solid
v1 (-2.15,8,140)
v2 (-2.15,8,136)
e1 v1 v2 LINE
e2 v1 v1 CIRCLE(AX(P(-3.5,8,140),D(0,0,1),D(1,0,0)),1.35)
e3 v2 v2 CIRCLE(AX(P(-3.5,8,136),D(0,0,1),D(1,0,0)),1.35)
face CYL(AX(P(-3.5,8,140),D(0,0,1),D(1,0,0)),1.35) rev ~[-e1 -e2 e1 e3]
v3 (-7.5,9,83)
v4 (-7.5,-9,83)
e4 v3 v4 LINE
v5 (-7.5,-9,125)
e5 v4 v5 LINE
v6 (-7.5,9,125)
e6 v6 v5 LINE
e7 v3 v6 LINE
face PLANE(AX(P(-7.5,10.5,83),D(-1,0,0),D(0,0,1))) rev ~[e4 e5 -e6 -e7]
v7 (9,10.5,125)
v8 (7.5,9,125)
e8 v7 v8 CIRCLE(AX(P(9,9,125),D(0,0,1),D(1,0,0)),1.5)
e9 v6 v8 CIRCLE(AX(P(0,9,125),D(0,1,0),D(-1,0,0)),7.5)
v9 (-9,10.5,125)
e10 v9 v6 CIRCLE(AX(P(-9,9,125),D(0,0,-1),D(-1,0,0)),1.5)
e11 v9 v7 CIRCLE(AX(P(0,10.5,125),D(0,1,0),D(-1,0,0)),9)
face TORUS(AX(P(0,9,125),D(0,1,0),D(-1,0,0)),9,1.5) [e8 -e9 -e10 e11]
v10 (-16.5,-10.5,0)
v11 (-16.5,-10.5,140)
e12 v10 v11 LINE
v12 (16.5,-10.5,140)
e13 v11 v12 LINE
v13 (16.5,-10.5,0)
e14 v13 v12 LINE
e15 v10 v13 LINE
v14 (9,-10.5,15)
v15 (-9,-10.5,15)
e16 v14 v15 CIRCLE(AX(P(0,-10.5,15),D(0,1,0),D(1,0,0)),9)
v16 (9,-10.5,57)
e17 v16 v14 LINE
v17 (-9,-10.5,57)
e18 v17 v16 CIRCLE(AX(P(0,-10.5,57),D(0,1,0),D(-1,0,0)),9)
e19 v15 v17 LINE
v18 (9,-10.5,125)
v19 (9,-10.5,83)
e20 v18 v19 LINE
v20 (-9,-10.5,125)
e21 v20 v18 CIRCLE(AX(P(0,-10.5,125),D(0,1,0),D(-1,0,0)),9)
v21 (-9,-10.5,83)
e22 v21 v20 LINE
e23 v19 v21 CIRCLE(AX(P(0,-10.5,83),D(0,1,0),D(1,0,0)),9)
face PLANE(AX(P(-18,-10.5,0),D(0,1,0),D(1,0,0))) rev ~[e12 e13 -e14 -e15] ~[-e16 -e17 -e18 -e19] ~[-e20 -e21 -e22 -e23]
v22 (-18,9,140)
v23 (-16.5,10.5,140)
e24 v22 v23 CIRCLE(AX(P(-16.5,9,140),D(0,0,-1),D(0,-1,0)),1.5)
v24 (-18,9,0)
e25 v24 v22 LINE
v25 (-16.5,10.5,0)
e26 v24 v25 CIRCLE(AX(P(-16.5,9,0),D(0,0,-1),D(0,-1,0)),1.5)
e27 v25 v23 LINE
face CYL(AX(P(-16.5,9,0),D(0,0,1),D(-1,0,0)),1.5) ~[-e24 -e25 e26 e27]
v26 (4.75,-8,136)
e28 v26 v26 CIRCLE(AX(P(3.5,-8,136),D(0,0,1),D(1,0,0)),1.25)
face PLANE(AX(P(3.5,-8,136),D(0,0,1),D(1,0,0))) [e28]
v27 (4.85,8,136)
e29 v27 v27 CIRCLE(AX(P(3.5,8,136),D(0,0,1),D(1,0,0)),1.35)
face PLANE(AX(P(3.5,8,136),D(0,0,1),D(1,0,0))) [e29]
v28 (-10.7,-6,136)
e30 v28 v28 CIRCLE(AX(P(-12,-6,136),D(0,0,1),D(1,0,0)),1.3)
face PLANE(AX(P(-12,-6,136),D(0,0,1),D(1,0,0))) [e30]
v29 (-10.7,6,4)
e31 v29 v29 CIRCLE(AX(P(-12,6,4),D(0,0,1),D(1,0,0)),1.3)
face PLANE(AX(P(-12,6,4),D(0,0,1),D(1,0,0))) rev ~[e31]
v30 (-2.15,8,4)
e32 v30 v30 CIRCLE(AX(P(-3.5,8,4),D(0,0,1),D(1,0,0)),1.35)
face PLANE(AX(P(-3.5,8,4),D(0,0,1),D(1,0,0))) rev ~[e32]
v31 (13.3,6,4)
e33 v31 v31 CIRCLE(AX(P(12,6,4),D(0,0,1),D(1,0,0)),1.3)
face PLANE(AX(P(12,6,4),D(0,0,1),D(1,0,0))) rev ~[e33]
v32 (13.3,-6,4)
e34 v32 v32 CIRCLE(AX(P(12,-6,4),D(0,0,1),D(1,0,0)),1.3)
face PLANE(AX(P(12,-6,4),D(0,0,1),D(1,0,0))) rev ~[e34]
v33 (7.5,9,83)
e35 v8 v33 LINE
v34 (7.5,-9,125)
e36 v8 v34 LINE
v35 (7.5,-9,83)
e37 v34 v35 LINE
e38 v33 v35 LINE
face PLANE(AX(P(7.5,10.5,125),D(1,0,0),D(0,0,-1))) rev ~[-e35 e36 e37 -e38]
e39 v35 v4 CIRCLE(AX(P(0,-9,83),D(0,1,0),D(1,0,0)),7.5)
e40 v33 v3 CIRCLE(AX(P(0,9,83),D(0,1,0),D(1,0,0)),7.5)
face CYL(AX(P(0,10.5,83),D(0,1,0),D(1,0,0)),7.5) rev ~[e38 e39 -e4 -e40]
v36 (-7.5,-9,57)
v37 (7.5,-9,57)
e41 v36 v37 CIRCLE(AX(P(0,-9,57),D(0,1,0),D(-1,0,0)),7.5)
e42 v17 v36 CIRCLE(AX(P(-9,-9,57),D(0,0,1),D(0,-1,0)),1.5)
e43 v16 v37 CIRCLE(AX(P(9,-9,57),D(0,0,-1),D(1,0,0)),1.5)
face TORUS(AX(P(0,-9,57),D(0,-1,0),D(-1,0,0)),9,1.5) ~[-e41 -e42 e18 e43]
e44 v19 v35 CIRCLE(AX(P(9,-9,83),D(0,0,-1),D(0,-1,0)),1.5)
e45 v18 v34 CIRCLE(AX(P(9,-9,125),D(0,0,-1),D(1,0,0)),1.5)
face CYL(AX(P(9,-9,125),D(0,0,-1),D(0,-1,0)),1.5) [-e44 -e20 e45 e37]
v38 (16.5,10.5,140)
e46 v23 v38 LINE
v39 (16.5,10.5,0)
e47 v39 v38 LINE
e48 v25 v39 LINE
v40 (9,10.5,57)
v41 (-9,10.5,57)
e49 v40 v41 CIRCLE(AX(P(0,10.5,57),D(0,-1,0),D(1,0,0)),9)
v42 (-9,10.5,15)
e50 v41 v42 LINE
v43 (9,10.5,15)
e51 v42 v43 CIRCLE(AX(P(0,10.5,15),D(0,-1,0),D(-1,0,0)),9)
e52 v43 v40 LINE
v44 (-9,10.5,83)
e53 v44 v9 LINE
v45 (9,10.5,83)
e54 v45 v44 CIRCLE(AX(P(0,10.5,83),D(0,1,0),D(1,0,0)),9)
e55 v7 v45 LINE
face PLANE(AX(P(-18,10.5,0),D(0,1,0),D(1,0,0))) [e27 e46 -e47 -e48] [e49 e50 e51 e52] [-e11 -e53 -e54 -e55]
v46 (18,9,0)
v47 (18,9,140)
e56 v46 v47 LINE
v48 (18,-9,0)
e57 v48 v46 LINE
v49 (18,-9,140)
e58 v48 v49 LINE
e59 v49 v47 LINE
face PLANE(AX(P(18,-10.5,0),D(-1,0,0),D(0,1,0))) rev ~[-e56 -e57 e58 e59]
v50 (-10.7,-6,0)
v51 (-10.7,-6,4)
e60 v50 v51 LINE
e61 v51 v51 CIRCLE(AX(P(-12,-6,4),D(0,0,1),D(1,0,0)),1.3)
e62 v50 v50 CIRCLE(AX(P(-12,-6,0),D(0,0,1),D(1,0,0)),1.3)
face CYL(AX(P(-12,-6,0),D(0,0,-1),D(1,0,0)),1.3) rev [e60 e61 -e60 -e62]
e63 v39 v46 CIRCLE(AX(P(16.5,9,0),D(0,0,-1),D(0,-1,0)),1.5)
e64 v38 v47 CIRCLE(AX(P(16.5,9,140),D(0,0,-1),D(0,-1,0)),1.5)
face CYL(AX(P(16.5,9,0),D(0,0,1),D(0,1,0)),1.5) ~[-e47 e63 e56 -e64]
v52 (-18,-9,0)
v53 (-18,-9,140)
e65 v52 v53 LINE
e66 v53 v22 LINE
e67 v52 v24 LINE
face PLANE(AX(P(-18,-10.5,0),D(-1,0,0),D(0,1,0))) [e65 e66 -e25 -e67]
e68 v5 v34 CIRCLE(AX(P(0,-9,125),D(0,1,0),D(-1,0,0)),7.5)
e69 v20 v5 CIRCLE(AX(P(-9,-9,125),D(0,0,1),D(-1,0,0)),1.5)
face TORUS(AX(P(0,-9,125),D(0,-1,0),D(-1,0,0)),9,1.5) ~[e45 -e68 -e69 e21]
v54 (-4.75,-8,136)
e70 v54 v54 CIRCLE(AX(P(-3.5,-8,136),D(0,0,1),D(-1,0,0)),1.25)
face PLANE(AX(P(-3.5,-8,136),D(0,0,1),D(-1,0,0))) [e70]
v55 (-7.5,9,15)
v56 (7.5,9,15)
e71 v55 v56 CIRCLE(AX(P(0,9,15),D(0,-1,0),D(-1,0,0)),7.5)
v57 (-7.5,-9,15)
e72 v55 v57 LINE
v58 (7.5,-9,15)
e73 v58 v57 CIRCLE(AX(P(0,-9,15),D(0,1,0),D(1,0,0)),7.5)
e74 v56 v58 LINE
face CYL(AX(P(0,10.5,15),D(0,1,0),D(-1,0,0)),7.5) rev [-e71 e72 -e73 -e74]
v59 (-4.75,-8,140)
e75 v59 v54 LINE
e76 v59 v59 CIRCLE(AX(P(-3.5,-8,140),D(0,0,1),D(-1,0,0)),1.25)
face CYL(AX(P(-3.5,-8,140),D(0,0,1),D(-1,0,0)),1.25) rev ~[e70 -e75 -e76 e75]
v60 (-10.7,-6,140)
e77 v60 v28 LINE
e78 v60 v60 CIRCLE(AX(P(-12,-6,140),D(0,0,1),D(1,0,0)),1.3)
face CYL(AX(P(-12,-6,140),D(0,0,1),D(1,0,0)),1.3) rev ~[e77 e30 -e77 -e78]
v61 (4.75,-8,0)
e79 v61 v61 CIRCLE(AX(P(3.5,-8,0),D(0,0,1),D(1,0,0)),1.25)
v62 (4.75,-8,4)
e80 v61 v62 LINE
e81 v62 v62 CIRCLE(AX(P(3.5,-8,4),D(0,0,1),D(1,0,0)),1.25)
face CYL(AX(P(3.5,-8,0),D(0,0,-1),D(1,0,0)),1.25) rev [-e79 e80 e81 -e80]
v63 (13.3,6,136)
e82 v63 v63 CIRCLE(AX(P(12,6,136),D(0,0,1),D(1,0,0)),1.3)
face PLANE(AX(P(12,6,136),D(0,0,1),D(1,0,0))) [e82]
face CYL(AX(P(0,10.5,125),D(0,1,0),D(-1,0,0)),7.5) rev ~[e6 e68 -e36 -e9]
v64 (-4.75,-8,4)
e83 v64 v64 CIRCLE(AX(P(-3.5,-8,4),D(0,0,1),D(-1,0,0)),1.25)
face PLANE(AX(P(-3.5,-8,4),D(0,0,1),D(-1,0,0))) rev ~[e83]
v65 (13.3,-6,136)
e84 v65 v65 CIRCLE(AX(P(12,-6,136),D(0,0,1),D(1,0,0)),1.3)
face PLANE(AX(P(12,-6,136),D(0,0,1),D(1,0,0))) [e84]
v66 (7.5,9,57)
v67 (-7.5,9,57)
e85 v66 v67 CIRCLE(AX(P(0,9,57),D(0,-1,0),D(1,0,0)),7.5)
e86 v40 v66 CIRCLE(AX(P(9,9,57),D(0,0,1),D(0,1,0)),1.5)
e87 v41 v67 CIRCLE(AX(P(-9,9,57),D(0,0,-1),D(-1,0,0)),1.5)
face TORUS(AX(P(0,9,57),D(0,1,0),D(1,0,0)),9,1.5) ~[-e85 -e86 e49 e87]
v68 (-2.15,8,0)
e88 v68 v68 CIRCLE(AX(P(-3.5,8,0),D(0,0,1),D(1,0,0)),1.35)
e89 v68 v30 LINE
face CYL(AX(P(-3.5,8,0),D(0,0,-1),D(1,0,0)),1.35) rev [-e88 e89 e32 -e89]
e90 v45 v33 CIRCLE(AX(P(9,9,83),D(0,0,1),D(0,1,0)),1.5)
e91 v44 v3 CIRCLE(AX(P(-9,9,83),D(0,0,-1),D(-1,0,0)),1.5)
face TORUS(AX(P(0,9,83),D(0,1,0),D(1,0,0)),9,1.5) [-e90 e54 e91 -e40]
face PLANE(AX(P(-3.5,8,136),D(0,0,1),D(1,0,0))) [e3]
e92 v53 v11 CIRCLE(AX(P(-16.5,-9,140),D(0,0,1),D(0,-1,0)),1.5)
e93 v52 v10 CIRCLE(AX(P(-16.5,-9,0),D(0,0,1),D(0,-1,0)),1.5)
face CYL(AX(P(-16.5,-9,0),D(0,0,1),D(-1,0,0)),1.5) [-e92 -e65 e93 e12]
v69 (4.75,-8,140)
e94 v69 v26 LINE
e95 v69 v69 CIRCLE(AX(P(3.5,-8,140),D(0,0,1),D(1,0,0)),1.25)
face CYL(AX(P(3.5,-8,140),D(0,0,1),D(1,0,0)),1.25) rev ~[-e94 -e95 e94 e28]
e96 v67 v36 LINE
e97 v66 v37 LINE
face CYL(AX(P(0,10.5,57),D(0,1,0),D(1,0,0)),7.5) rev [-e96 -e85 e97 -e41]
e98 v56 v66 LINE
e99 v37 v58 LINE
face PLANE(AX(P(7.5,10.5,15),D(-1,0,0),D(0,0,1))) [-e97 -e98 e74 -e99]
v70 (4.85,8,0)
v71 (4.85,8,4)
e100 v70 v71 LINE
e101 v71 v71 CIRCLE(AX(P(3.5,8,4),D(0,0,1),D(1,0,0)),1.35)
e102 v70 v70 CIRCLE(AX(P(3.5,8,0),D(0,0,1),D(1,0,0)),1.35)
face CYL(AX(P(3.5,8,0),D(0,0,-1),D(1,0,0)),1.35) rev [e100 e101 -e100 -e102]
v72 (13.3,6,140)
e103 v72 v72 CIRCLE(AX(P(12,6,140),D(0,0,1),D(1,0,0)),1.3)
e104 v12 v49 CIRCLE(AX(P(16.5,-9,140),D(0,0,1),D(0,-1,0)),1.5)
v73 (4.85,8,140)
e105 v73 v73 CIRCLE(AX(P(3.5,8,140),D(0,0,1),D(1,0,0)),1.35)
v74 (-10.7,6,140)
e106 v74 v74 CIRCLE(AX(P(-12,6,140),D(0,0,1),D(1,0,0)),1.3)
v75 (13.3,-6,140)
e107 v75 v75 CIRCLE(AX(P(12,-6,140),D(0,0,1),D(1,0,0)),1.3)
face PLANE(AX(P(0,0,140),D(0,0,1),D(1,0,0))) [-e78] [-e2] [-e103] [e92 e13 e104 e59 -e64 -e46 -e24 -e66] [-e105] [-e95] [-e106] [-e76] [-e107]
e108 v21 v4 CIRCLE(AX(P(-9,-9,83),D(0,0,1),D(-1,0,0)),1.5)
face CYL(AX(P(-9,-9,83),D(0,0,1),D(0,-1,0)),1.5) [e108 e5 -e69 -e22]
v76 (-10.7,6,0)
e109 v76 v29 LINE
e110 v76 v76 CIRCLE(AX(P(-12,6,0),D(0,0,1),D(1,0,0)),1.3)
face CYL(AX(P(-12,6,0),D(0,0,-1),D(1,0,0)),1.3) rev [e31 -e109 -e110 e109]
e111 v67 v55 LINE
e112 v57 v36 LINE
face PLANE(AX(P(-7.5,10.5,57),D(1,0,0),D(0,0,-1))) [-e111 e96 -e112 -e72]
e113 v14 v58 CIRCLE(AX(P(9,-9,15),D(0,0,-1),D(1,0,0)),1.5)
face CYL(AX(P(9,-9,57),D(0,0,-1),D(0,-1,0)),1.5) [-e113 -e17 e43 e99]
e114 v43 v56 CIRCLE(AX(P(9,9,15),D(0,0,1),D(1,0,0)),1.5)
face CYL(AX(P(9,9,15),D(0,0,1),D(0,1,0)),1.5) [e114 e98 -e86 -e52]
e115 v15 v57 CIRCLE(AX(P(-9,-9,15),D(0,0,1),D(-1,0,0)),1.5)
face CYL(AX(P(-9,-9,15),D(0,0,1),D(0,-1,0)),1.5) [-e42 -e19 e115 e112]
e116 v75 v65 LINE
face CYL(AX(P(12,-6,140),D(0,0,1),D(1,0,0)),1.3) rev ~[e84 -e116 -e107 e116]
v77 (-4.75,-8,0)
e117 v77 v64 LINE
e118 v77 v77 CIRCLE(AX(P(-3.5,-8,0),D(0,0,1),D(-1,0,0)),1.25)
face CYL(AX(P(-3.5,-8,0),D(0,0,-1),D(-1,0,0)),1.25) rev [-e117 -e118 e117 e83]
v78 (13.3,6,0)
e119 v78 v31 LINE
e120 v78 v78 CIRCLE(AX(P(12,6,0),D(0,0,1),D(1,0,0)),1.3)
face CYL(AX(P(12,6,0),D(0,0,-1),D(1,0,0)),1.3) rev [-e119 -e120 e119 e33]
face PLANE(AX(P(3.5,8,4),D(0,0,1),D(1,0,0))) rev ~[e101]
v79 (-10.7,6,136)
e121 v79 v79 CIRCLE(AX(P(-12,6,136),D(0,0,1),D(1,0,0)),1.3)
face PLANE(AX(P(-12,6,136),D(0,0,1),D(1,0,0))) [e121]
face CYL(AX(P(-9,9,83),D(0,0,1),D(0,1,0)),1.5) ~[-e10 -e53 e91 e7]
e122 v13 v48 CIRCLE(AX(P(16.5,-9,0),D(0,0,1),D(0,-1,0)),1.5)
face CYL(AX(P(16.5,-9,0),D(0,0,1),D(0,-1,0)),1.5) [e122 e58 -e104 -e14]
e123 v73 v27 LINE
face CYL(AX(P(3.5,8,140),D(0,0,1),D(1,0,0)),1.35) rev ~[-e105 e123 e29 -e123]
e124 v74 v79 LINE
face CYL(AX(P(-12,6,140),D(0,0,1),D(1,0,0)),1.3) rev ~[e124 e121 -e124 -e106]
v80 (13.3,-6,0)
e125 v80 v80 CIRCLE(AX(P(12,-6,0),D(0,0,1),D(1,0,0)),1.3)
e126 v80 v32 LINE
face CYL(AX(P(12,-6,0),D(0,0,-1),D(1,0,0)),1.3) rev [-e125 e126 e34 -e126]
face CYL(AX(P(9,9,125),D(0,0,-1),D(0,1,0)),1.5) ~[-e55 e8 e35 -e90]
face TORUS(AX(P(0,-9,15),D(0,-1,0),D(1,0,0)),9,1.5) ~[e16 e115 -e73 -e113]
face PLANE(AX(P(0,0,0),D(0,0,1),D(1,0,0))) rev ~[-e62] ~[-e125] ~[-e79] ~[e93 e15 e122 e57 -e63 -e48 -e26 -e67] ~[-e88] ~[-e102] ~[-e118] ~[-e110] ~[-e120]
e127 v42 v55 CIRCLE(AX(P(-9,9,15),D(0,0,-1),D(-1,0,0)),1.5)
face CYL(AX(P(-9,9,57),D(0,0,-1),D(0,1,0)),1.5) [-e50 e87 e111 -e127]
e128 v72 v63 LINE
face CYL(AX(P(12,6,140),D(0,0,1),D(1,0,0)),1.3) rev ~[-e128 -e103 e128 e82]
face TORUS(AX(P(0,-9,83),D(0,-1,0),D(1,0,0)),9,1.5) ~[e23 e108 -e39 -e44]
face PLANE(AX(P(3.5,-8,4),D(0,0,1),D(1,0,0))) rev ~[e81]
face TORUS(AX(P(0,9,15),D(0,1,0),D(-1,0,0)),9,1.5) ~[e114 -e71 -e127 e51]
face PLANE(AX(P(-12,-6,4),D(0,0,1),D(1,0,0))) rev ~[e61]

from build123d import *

# Parameters (mm, degrees)
SKETCH_1_W          = 36
SKETCH_1_H          = 21
SKETCH_1_R          = 1.25
SKETCH_1_R_2        = 1.3
SKETCH_1_R_3        = 1.35
EXTRUDE_1_DEPTH     = 140
SKETCH_1_5_R        = 1.3
SKETCH_1_5_R_2      = 1.35
SKETCH_1_5_R_3      = 1.25
CUT_EXTRUDE_1_DEPTH = 4
CUT_EXTRUDE_START   = 140
SKETCH_1_6_R        = 1.35
SKETCH_1_6_R_2      = 1.3
SKETCH_1_6_R_3      = 1.25
CUT_EXTRUDE_2_DEPTH = 4
CUT_EXTRUDE_3_REACH = 144.706
FILLET_1_R          = 1.5


with BuildPart() as part:
    # 스케치1 → 보스-돌출1 (new body)
    with BuildSketch(Plane.XY):
        Rectangle(SKETCH_1_W, SKETCH_1_H)
        with Locations((-3.5, -8)):
            Circle(SKETCH_1_R, mode=Mode.SUBTRACT)
        with Locations((3.5, -8)):
            Circle(SKETCH_1_R, mode=Mode.SUBTRACT)
        with Locations((-12, 6)):
            Circle(SKETCH_1_R_2, mode=Mode.SUBTRACT)
        with Locations((12, 6)):
            Circle(SKETCH_1_R_2, mode=Mode.SUBTRACT)
        with Locations((12, -6)):
            Circle(SKETCH_1_R_2, mode=Mode.SUBTRACT)
        with Locations((-12, -6)):
            Circle(SKETCH_1_R_2, mode=Mode.SUBTRACT)
        with Locations((3.5, 8)):
            Circle(SKETCH_1_R_3, mode=Mode.SUBTRACT)
        with Locations((-3.5, 8)):
            Circle(SKETCH_1_R_3, mode=Mode.SUBTRACT)
        with Locations((12, -6)):
            Circle(SKETCH_1_R_2)
        with Locations((3.5, -8)):
            Circle(SKETCH_1_R)
        with Locations((-3.5, -8)):
            Circle(SKETCH_1_R)
        with Locations((-12, -6)):
            Circle(SKETCH_1_R_2)
        with Locations((-12, 6)):
            Circle(SKETCH_1_R_2)
        with Locations((-3.5, 8)):
            Circle(SKETCH_1_R_3)
        with Locations((3.5, 8)):
            Circle(SKETCH_1_R_3)
        with Locations((12, 6)):
            Circle(SKETCH_1_R_2)
    extrude(amount=EXTRUDE_1_DEPTH)

    # 스케치1<5> → 컷-돌출1 (cut)
    with BuildSketch(Plane.XY):
        with Locations((12, 6)):
            Circle(SKETCH_1_5_R)
        with Locations((3.5, 8)):
            Circle(SKETCH_1_5_R_2)
        with Locations((-3.5, 8)):
            Circle(SKETCH_1_5_R_2)
        with Locations((-12, 6)):
            Circle(SKETCH_1_5_R)
        with Locations((-12, -6)):
            Circle(SKETCH_1_5_R)
        with Locations(Location((-3.5, -8, 0), (0, 0, 180))):
            Circle(SKETCH_1_5_R_3)
        with Locations((3.5, -8)):
            Circle(SKETCH_1_5_R_3)
        with Locations((12, -6)):
            Circle(SKETCH_1_5_R)
    extrude(amount=CUT_EXTRUDE_1_DEPTH, mode=Mode.SUBTRACT)

    # 스케치1<6> → 컷-돌출2 (cut)
    with BuildSketch(Plane.XY.offset(CUT_EXTRUDE_START)):
        with Locations((3.5, 8)):
            Circle(SKETCH_1_6_R)
        with Locations((12, 6)):
            Circle(SKETCH_1_6_R_2)
        with Locations((-3.5, 8)):
            Circle(SKETCH_1_6_R)
        with Locations((-12, 6)):
            Circle(SKETCH_1_6_R_2)
        with Locations((-12, -6)):
            Circle(SKETCH_1_6_R_2)
        with Locations(Location((-3.5, -8, 0), (0, 0, 180))):
            Circle(SKETCH_1_6_R_3)
        with Locations((3.5, -8)):
            Circle(SKETCH_1_6_R_3)
        with Locations((12, -6)):
            Circle(SKETCH_1_6_R_2)
    extrude(amount=-CUT_EXTRUDE_2_DEPTH, mode=Mode.SUBTRACT)

    # 스케치2 → 컷-돌출3 (cut, up to next)
    with BuildSketch(Plane(origin=(0, 10.5, 0), x_dir=(1, 0, 0), z_dir=(0, 1, 0)), mode=Mode.PRIVATE) as cut_extrude_3_sk1:
        with BuildLine():
            Line((7.5, -15), (7.5, -57))
            ThreePointArc((7.5, -57), (0, -64.5), (-7.5, -57))
            Line((-7.5, -57), (-7.5, -15))
            ThreePointArc((-7.5, -15), (0, -7.5), (7.5, -15))
        make_face()
    cut_extrude_3_tool1 = extrude(cut_extrude_3_sk1.sketch, amount=-CUT_EXTRUDE_3_REACH, mode=Mode.PRIVATE) & part.part
    # 스케치2 → 컷-돌출3 (cut, up to next)
    with BuildSketch(Plane(origin=(0, 10.5, 0), x_dir=(1, 0, 0), z_dir=(0, 1, 0)), mode=Mode.PRIVATE) as cut_extrude_3_sk2:
        with BuildLine():
            Line((7.5, -125), (7.5, -83))
            ThreePointArc((7.5, -83), (0, -75.5), (-7.5, -83))
            Line((-7.5, -83), (-7.5, -125))
            ThreePointArc((-7.5, -125), (0, -132.5), (7.5, -125))
        make_face()
    cut_extrude_3_tool2 = extrude(cut_extrude_3_sk2.sketch, amount=-CUT_EXTRUDE_3_REACH, mode=Mode.PRIVATE) & part.part
    add(cut_extrude_3_tool1.solids().sort_by_distance((0, 10.5, 36))[0], mode=Mode.SUBTRACT)
    add(cut_extrude_3_tool2.solids().sort_by_distance((0, 10.5, 104))[0], mode=Mode.SUBTRACT)

    # 필렛1
    fillet_1_edges = [part.edges().sort_by_distance(p)[0] for p in [
        (0, -10.5, 7.5),
        (7.5, -10.5, 36),
        (0, -10.5, 64.5),
        (-7.5, -10.5, 36),
        (0, 10.5, 7.5),
        (-18, 10.5, 70),
        (-7.5, 10.5, 36),
        (0, 10.5, 64.5),
        (7.5, 10.5, 36),
        (18, 10.5, 70),
        (18, -10.5, 70),
        (-18, -10.5, 70),
        (0, -10.5, 132.5),
        (-7.5, -10.5, 104),
        (0, -10.5, 75.5),
        (7.5, -10.5, 104),
        (0, 10.5, 132.5),
        (7.5, 10.5, 104),
        (0, 10.5, 75.5),
        (-7.5, 10.5, 104),
    ]]
    fillet(fillet_1_edges, radius=FILLET_1_R)


solid = part.part
